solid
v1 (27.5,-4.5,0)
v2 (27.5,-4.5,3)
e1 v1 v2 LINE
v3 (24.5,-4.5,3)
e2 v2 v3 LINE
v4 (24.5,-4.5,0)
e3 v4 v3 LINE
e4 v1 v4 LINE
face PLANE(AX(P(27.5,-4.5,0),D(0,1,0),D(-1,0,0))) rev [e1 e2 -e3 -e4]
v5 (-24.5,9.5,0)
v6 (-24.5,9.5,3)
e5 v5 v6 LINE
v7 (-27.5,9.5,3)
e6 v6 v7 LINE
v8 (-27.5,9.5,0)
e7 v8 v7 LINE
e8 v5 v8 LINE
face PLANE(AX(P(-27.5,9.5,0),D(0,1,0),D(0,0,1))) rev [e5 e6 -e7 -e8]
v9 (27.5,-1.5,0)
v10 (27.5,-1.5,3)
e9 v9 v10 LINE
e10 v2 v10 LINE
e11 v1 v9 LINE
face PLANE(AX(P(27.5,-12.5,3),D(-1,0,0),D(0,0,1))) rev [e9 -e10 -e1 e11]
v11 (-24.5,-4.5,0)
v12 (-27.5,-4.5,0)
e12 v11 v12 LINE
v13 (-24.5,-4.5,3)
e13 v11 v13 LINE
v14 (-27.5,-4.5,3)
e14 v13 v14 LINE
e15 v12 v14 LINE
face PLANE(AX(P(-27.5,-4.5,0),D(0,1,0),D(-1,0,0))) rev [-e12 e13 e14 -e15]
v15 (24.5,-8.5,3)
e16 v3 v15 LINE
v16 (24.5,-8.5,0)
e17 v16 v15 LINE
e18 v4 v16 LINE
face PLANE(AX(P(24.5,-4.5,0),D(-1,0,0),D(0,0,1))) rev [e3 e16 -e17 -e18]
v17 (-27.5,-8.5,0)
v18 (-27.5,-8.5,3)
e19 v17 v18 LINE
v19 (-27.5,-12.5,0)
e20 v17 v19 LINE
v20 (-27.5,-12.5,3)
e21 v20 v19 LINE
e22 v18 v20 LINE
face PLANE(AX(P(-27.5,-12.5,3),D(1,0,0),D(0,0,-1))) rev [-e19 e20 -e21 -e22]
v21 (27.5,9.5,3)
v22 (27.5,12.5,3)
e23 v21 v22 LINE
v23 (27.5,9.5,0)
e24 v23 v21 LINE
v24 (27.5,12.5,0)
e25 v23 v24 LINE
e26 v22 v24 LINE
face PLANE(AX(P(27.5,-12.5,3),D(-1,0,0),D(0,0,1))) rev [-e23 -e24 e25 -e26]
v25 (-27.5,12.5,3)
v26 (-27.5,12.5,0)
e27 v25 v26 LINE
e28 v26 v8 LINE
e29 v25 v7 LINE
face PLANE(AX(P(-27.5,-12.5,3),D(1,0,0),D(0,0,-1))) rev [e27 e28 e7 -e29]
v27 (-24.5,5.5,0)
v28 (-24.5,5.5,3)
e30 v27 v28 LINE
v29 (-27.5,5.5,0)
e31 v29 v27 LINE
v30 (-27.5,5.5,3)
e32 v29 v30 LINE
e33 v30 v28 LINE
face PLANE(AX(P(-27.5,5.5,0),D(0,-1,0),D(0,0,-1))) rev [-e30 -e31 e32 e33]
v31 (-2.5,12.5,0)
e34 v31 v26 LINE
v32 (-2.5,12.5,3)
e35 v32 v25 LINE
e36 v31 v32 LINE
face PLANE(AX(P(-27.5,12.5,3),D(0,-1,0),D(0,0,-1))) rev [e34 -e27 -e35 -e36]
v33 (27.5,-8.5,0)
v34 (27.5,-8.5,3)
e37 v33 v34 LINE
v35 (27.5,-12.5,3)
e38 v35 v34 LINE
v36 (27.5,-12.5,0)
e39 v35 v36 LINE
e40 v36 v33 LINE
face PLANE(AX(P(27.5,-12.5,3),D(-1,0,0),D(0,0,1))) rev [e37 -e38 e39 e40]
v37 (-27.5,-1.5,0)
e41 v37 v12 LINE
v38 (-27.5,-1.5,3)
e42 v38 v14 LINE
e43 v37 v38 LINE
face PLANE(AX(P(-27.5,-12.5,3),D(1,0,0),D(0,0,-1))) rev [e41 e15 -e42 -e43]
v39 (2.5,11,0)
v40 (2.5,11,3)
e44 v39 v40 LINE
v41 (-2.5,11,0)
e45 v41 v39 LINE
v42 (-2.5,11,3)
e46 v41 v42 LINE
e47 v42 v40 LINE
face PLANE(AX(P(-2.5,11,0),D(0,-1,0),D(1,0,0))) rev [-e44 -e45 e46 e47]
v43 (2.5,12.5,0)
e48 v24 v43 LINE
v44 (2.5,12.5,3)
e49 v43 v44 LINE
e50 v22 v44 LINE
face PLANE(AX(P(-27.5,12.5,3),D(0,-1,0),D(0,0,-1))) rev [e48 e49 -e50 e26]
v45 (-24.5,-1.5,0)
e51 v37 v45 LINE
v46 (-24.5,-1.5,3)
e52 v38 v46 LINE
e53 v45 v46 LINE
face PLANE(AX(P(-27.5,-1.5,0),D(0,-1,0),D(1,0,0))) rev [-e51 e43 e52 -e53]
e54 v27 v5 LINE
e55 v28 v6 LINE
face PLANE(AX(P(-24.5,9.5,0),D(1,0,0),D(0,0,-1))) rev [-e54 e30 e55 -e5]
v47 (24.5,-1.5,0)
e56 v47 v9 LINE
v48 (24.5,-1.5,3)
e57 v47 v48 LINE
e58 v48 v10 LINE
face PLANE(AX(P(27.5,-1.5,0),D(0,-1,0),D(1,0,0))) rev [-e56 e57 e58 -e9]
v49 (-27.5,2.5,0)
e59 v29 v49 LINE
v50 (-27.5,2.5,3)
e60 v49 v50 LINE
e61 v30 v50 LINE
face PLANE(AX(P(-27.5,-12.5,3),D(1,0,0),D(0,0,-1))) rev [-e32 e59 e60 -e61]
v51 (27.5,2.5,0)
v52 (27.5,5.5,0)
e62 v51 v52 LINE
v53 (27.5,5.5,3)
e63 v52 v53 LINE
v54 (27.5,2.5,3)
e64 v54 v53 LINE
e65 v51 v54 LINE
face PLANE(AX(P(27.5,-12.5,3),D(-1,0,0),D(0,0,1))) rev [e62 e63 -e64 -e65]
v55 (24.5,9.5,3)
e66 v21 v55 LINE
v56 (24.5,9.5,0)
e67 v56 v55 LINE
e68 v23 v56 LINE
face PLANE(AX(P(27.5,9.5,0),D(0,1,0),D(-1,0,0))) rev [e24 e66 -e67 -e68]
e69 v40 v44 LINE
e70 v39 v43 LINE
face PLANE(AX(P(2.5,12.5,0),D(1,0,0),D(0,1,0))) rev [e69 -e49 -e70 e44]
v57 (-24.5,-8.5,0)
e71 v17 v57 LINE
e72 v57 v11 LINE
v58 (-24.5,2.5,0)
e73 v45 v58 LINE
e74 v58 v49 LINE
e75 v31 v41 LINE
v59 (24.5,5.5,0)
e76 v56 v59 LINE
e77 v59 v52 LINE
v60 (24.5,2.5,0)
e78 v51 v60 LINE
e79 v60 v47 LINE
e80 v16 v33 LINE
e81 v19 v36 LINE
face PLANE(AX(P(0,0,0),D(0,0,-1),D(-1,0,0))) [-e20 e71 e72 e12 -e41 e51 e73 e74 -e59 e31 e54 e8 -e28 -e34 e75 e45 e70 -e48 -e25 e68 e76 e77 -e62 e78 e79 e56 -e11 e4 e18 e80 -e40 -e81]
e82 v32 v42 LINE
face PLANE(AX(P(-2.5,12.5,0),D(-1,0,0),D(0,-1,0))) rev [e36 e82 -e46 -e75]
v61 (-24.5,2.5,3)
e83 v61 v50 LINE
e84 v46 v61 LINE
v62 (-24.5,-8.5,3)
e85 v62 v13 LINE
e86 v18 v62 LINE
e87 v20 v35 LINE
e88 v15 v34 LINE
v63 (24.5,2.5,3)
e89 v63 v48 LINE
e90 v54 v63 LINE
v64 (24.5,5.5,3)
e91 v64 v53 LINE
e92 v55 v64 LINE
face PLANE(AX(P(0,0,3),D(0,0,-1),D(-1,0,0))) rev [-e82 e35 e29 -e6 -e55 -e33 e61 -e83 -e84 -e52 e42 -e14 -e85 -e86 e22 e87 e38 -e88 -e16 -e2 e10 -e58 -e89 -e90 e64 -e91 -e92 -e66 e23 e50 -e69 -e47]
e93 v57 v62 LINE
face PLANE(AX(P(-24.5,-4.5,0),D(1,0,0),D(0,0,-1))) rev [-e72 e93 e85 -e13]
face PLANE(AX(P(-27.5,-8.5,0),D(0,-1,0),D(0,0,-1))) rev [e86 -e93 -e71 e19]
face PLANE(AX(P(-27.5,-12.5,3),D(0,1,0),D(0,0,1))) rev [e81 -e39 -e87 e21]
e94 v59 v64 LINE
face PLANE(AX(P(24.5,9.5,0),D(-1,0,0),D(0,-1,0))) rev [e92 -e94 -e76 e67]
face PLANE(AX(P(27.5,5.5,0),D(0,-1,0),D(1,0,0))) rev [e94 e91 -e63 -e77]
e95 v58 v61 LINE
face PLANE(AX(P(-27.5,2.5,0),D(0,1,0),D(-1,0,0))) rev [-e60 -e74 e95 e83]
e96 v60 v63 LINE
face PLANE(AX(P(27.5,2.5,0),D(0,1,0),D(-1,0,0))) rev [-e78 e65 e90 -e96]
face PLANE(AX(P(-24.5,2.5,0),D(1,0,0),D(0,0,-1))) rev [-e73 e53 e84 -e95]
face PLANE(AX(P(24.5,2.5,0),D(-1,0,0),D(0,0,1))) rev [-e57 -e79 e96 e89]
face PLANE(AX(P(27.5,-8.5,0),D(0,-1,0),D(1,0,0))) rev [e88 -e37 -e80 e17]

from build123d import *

# Parameters (mm, degrees)
SKETCH1_W           = 55
SKETCH1_H           = 25
BOSS_EXTRUDE1_DEPTH = 3
SKETCH2_W           = 5
SKETCH2_H           = 1.5
CUT_EXTRUDE1_DEPTH  = 3
SKETCH3_W           = 3
SKETCH3_H           = 4
CUT_EXTRUDE2_DEPTH  = 3
SKETCH4_W           = 3
SKETCH4_H           = 4
CUT_EXTRUDE3_DEPTH  = 3


with BuildPart() as part:
    # Sketch1 → Boss-Extrude1 (new body)
    with BuildSketch(Plane.XY):
        Rectangle(SKETCH1_W, SKETCH1_H)
    extrude(amount=BOSS_EXTRUDE1_DEPTH)

    # Sketch2 → Cut-Extrude1 (cut)
    with BuildSketch(Plane.XY.offset(3)):
        with Locations((0, 11.75)):
            Rectangle(SKETCH2_W, SKETCH2_H)
    extrude(amount=-CUT_EXTRUDE1_DEPTH, mode=Mode.SUBTRACT)

    # Sketch3 → Cut-Extrude2 (cut)
    with BuildSketch(Plane.XY.offset(3)):
        with Locations((-26, 7.5)):
            Rectangle(SKETCH3_W, SKETCH3_H)
        with Locations((-26, 0.5)):
            Rectangle(SKETCH3_W, SKETCH3_H)
        with Locations((-26, -6.5)):
            Rectangle(SKETCH3_W, SKETCH3_H)
    extrude(amount=-CUT_EXTRUDE2_DEPTH, mode=Mode.SUBTRACT)

    # Sketch4 → Cut-Extrude3 (cut)
    with BuildSketch(Plane.XY.offset(3)):
        with Locations((26, 7.5)):
            Rectangle(SKETCH4_W, SKETCH4_H)
        with Locations((26, 0.5)):
            Rectangle(SKETCH4_W, SKETCH4_H)
        with Locations((26, -6.5)):
            Rectangle(SKETCH4_W, SKETCH4_H)
    extrude(amount=-CUT_EXTRUDE3_DEPTH, mode=Mode.SUBTRACT)


solid = part.part
